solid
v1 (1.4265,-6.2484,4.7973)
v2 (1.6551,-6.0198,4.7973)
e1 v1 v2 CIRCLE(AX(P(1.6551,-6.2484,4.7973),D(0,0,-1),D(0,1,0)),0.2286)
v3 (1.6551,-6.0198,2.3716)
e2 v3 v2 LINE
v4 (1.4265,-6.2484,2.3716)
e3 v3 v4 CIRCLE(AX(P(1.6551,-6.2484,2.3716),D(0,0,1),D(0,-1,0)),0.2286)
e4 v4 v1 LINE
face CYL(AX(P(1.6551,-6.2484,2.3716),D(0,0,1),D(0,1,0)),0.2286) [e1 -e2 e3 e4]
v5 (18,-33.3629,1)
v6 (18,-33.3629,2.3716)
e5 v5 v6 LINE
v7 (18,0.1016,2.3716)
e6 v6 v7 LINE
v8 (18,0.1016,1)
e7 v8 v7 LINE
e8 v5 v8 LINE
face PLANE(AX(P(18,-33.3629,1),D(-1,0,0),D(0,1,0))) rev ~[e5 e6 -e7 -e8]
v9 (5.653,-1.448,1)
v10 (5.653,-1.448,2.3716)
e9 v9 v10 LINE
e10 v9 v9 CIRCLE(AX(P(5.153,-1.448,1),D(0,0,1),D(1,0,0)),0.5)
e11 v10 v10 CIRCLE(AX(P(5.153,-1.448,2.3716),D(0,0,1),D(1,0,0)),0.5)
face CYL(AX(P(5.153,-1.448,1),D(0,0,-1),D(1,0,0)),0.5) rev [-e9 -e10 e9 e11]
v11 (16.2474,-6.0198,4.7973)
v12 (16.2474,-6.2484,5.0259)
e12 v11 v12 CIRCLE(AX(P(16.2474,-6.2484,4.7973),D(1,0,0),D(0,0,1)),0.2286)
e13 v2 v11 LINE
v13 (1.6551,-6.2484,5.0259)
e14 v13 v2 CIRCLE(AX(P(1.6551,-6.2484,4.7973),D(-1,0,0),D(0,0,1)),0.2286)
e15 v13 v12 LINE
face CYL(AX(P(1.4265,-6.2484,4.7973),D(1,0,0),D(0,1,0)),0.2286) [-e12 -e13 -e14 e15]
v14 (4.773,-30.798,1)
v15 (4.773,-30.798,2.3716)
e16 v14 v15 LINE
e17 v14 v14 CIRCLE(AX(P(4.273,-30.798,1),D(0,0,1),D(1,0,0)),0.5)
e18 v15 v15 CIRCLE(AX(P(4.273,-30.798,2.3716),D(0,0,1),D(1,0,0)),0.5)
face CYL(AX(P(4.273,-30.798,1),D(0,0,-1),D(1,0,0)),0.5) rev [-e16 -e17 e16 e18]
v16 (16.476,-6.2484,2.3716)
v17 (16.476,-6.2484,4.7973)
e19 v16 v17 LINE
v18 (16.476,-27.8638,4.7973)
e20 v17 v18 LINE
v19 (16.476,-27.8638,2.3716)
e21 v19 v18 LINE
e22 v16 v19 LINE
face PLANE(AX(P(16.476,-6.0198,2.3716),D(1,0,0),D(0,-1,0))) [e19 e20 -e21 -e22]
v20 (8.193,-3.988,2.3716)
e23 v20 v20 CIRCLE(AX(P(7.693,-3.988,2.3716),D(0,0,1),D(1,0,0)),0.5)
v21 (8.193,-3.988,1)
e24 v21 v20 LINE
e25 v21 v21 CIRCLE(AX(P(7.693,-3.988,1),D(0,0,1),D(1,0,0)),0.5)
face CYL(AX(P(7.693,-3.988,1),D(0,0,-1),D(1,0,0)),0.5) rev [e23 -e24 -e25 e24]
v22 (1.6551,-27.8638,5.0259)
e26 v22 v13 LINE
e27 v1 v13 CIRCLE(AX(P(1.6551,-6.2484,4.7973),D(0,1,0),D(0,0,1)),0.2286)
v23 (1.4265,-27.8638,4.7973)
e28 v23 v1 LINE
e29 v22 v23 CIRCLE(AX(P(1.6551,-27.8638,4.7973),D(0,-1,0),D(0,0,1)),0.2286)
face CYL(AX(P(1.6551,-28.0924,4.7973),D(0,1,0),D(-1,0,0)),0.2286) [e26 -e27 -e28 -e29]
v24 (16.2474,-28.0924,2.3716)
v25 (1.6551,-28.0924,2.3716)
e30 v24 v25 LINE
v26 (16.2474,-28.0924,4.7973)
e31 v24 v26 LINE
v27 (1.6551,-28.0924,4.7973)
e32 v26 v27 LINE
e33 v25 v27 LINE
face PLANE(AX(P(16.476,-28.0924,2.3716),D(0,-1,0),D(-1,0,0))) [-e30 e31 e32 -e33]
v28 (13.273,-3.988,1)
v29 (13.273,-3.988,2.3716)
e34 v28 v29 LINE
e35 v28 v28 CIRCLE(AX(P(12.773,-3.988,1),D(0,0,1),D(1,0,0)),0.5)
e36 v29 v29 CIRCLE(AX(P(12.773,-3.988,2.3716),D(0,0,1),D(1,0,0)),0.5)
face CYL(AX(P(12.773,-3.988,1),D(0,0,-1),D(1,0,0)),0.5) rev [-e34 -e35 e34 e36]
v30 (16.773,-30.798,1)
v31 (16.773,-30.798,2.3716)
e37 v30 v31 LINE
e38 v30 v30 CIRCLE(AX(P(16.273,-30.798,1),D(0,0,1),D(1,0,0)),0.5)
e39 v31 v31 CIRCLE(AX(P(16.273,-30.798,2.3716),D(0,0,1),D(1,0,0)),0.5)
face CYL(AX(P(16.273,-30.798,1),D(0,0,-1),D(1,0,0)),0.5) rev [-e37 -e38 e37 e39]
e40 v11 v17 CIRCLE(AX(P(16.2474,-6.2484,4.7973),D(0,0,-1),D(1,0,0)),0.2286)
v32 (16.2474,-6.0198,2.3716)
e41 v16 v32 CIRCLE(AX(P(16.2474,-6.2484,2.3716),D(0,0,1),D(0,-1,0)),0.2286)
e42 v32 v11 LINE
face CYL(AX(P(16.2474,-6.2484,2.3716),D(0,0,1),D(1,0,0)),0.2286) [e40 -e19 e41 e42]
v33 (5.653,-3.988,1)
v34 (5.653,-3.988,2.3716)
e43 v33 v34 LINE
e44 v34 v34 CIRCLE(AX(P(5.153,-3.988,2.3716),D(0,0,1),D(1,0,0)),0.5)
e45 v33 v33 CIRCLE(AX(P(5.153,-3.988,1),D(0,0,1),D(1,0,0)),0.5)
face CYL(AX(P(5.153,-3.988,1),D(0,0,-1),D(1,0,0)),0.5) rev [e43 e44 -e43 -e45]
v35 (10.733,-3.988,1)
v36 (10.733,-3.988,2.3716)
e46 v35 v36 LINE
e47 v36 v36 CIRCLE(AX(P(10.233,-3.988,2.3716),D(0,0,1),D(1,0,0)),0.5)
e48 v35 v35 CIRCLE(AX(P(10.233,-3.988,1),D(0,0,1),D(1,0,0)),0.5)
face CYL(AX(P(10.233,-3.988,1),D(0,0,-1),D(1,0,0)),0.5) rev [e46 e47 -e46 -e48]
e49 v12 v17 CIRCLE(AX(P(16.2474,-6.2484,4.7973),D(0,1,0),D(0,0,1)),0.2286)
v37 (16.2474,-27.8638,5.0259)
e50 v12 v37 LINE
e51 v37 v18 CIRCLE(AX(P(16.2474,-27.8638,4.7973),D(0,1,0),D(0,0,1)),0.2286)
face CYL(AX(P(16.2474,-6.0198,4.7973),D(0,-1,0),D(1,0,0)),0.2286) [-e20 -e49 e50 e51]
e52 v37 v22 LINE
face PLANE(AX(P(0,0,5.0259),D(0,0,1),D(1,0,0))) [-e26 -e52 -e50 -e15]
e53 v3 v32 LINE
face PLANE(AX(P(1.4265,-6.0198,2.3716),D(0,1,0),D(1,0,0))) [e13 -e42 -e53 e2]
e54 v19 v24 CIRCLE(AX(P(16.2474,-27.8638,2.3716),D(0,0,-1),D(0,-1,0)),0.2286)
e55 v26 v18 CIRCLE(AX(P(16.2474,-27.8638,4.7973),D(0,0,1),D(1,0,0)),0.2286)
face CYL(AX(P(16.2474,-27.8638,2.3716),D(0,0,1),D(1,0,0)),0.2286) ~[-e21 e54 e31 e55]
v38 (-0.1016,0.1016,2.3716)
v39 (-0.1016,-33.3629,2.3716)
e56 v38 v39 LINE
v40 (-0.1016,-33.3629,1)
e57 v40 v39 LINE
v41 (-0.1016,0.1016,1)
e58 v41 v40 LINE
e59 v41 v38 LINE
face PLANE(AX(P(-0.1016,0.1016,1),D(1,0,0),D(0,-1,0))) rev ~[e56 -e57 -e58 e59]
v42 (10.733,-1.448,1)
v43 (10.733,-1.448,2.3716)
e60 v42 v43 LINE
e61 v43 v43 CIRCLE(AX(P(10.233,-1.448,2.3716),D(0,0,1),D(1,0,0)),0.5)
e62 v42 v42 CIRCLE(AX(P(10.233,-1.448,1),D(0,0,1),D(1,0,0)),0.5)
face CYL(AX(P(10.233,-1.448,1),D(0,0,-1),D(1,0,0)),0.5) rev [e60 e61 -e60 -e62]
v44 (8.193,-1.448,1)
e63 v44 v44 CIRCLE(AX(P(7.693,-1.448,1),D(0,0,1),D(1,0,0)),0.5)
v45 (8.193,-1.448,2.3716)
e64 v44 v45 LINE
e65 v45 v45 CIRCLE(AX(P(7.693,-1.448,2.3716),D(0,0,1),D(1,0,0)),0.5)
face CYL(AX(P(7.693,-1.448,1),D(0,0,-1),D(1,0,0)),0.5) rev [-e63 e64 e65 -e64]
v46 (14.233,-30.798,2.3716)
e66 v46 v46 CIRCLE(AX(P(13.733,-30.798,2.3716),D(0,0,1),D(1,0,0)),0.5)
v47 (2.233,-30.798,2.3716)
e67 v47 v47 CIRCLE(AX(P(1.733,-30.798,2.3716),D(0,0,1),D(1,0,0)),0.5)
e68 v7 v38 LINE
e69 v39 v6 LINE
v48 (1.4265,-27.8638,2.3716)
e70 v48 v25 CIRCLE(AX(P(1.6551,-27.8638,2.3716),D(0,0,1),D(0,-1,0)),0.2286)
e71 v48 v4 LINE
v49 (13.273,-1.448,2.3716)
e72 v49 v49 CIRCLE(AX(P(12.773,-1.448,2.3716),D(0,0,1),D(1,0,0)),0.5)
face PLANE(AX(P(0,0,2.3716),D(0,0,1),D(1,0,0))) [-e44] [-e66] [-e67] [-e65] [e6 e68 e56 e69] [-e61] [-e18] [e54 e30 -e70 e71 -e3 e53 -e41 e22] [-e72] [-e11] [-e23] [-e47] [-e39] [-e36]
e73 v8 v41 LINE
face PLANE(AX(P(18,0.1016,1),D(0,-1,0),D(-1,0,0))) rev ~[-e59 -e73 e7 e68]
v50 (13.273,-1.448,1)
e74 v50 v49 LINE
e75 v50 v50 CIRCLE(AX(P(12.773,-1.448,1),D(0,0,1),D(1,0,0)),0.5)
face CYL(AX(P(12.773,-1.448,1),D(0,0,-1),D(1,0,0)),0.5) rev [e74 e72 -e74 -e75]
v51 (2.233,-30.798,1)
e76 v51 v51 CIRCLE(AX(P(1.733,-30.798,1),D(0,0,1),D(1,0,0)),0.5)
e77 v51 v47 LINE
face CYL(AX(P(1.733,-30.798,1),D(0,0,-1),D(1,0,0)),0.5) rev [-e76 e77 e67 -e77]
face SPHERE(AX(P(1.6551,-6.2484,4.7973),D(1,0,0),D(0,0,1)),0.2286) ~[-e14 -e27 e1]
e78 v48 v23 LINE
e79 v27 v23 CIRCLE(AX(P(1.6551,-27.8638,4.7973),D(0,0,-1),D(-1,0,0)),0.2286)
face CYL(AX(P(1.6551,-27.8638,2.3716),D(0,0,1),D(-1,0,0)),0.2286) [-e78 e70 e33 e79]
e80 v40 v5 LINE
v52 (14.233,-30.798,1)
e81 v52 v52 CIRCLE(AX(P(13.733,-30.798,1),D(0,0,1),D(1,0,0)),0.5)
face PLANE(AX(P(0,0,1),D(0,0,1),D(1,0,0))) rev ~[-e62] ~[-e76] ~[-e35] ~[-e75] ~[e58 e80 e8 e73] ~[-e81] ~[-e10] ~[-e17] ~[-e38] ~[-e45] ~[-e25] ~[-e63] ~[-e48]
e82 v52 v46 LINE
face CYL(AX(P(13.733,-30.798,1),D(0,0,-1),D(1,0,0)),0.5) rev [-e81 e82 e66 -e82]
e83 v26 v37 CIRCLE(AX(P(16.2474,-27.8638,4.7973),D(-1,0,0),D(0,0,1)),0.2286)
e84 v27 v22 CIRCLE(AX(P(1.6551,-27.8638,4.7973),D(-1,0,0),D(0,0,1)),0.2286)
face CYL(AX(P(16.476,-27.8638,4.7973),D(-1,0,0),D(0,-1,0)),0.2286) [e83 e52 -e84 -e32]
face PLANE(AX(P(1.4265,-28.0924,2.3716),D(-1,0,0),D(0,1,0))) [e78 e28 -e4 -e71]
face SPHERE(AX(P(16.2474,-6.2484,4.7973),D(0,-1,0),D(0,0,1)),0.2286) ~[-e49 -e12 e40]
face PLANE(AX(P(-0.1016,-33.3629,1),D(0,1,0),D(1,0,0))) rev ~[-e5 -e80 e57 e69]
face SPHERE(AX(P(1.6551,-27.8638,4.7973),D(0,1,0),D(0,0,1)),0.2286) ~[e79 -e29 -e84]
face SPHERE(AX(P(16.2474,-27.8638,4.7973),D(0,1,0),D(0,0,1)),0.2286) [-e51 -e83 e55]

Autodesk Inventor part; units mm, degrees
ref_plane "YZ Plane" through (0, 0, 0) normal (1, 0, 0) x (0, 1, 0)
ref_plane "XZ Plane" through (0, 0, 0) normal (0, 1, 0) x (-1, 0, 0)
ref_plane "XY Plane" through (0, 0, 0) normal (0, 0, 1) x (1, 0, 0)
ref_plane "Work Plane1" through (0, 0, 1) normal (0, 0, 1) x (1, 0, 0)
sketch "Sketch2" plane through (0, 0, 1) normal (0, 0, 1) x (1, 0, 0)
  circle A0 centre (-25.527, 21.082) radius 1.5875 projected
  circle A1 centre (-25.527, -29.718) radius 1.5875 projected
  circle A2 centre (21.463, 21.082) radius 1.5875 projected
  circle A3 centre (21.463, -29.718) radius 1.5875 projected
  circle A4 centre (20.213, 14.652) radius 0.595 projected
  circle A5 centre (20.213, 9.652) radius 0.595 projected
  circle A6 centre (20.213, 4.652) radius 0.595 projected
  circle A7 centre (-25.527, 4.572) radius 0.51 projected
  circle A8 centre (-25.527, 2.032) radius 0.51 projected
  circle A9 centre (-25.527, -0.508) radius 0.51 projected
  circle A10 centre (-25.527, -9.398) radius 0.51 projected
  circle A11 centre (-25.527, -6.858) radius 0.51 projected
  circle A12 centre (7.493, 13.462) radius 0.5 projected
  circle A13 centre (10.033, 13.462) radius 0.5 projected
  circle A14 centre (12.573, 13.462) radius 0.5 projected
  circle A15 centre (12.773, -3.988) radius 0.5 projected
  circle A16 centre (7.693, -1.448) radius 0.5 projected
  circle A17 centre (16.273, -30.798) radius 0.5 projected
  circle A18 centre (13.733, -30.798) radius 0.5 projected
  circle A19 centre (4.273, -30.798) radius 0.5 projected
  circle A20 centre (1.733, -30.798) radius 0.5 projected
  circle A21 centre (7.693, -3.988) radius 0.5 projected
  circle A22 centre (5.153, -1.448) radius 0.5 projected
  circle A23 centre (5.153, -3.988) radius 0.5 projected
  circle A24 centre (12.773, -1.448) radius 0.5 projected
  circle A25 centre (10.233, -3.988) radius 0.5 projected
  circle A26 centre (10.233, -1.448) radius 0.5 projected
  circle A27 centre (-19.427, 6.092) radius 0.5 projected
  circle A28 centre (-19.427, 3.552) radius 0.5 projected
  circle A29 centre (-19.427, 1.012) radius 0.5 projected
  circle A30 centre (-19.427, -1.528) radius 0.5 projected
  circle A31 centre (-19.427, -4.068) radius 0.5 projected
  circle A32 centre (-19.427, -6.608) radius 0.5 projected
  circle A33 centre (-19.427, -9.148) radius 0.5 projected
  circle A34 centre (-19.427, -11.688) radius 0.5 projected
  circle A35 centre (-19.427, -14.228) radius 0.5 projected
  circle A36 centre (-19.427, -16.768) radius 0.5 projected
  circle A37 centre (-19.427, -19.308) radius 0.5 projected
  circle A38 centre (-19.427, -21.848) radius 0.5 projected
  circle A39 centre (-19.427, -24.388) radius 0.5 projected
  circle A40 centre (-19.427, -26.928) radius 0.5 projected
  circle A41 centre (-19.427, -29.468) radius 0.5 projected
  circle A42 centre (-4.187, 6.092) radius 0.5 projected
  circle A43 centre (-4.187, 3.552) radius 0.5 projected
  circle A44 centre (-4.187, 1.012) radius 0.5 projected
  circle A45 centre (-4.187, -1.528) radius 0.5 projected
  circle A46 centre (-4.187, -4.068) radius 0.5 projected
  circle A47 centre (-4.187, -6.608) radius 0.5 projected
  circle A48 centre (-4.187, -9.148) radius 0.5 projected
  circle A49 centre (-4.187, -11.688) radius 0.5 projected
  circle A50 centre (-4.187, -14.228) radius 0.5 projected
  circle A51 centre (-4.187, -16.768) radius 0.5 projected
  circle A52 centre (-4.187, -19.308) radius 0.5 projected
  circle A53 centre (-4.187, -21.848) radius 0.5 projected
  circle A54 centre (-4.187, -24.388) radius 0.5 projected
  circle A55 centre (-4.187, -26.928) radius 0.5 projected
  circle A56 centre (-4.187, -29.468) radius 0.5 projected
  circle A57 centre (0.893, 13.462) radius 0.405 projected
  circle A58 centre (3.433, 13.462) radius 0.405 projected
  circle A59 centre (1.143, 5.842) radius 0.405 projected
  circle A60 centre (3.683, 5.842) radius 0.405 projected
  circle A61 centre (9.143, 21.672) radius 0.4 projected
  circle A62 centre (10.413, 19.732) radius 0.4 projected
  circle A63 centre (11.933, 21.672) radius 0.4 projected
  circle A64 centre (13.463, 19.732) radius 0.4 projected
  circle A65 centre (-24.257, -23.368) radius 0.375 projected
  circle A66 centre (-24.257, -20.828) radius 0.375 projected
  circle A67 centre (-24.257, -18.288) radius 0.375 projected
  circle A68 centre (-25.527, 9.942) radius 0.35 projected
  circle A69 centre (-25.527, 11.442) radius 0.35 projected
  circle A70 centre (-25.527, 12.942) radius 0.35 projected
  circle A71 centre (-25.527, 14.442) radius 0.35 projected
  circle A72 centre (-16.002, 5.842) radius 0.254 projected
  circle A73 centre (-3.302, 7.747) radius 0.254 projected
  circle A74 centre (-12.192, 4.572) radius 0.254 projected
  circle A75 centre (-5.842, -1.778) radius 0.254 projected
  circle A76 centre (-12.192, -3.683) radius 0.254 projected
  circle A77 centre (-19.812, 9.017) radius 0.254 projected
  circle A78 centre (-22.352, -11.303) radius 0.254 projected
  circle A79 centre (-21.717, -7.493) radius 0.254 projected
  circle A80 centre (-10.922, -12.573) radius 0.254 projected
  circle A81 centre (-10.922, 7.112) radius 0.254 projected
  circle A82 centre (-9.652, -11.303) radius 0.254 projected
  circle A83 centre (-7.112, 9.017) radius 0.254 projected
  line L0 (25.273, 24.892) -> (-29.337, 24.892) projected
  line L1 (-29.337, 24.892) -> (-29.337, -33.528) projected
  line L2 (-29.337, -33.528) -> (25.273, -33.528) projected
  line L3 (25.273, -33.528) -> (25.273, 24.892) projected
  line L4 (18, -43) -> (18, 0.1016) projected
  line L5 (-0.1016, 0.1016) -> (-0.1016, -43) projected
  line L6 (18, 0.1016) -> (-0.1016, 0.1016)
  line L7 (-0.1016, 0.1016) -> (-0.1016, -33.3629)
  line L8 (-0.1016, -33.3629) -> (18, -33.3629)
  line L9 (18, -33.3629) -> (18, 0.1016)
  point P0 (0, 0)
  dimension "d3" = 33.4645
extrude "Extrusion2" add sketch "Sketch2" along normal blind 1.3716 contours L8 L5 L6 L4
sketch "Sketch3" plane through (0, 0, 2.3716) normal (0, 0, 1) x (1, 0, 0)
  circle A0 centre (10.233, -1.448) radius 0.5 projected
  circle A1 centre (10.233, -3.988) radius 0.5 projected
  circle A2 centre (12.773, -1.448) radius 0.5 projected
  circle A3 centre (5.153, -3.988) radius 0.5 projected
  circle A4 centre (5.153, -1.448) radius 0.5 projected
  circle A5 centre (7.693, -3.988) radius 0.5 projected
  circle A6 centre (1.733, -30.798) radius 0.5 projected
  circle A7 centre (4.273, -30.798) radius 0.5 projected
  circle A8 centre (13.733, -30.798) radius 0.5 projected
  circle A9 centre (16.273, -30.798) radius 0.5 projected
  circle A10 centre (7.693, -1.448) radius 0.5 projected
  circle A11 centre (12.773, -3.988) radius 0.5 projected
  line L0 (18, 0.1016) -> (-0.1016, 0.1016) projected
  line L1 (-0.1016, 0.1016) -> (-0.1016, -33.3629) projected
  line L2 (-0.1016, -33.3629) -> (18, -33.3629) projected
  line L3 (18, -33.3629) -> (18, 0.1016) projected
  line L4 (16.476, -28.0924) -> (1.4265, -28.0924)
  line L5 (1.4265, -28.0924) -> (1.4265, -6.0198)
  line L6 (1.4265, -6.0198) -> (16.476, -6.0198)
  line L7 (16.476, -6.0198) -> (16.476, -28.0924)
  point P0 (0, 0)
  dimension "d6" = 15.0495
  dimension "d7" = 22.0726
  dimension "d8" = 5.2705
  dimension "d9" = 1.524
extrude "Extrusion3" add sketch "Sketch3" along normal blind 2.6543 contours L4 L5 L6 L7
fillet "Fillet1" radius 0.2286 8 edges at (16.476, -17.0561, 5.0259) (8.9513, -6.0198, 5.0259) (1.4265, -17.0561, 5.0259) (8.9513, -28.0924, 5.0259) (16.476, -28.0924, 3.6988) (1.4265, -28.0924, 3.6988) (16.476, -6.0198, 3.6988) (1.4265, -6.0198, 3.6988)
sketch "Sketch4" plane through (0, 0, 5.0259) normal (0, 0, 1) x (1, 0, 0)
  line L0 (16.2703, -6.3451) -> (16.2703, -27.5869) construction
  line L1 (16.2703, -27.5869) -> (1.6519, -27.5869) construction
  line L2 (1.6519, -27.5869) -> (1.6519, -6.3451) construction
  line L3 (1.6519, -6.3451) -> (16.2703, -6.3451) construction
  point P0 (0, 0)
decal "Decal1"
properties part number "E01-ML01DP5"
